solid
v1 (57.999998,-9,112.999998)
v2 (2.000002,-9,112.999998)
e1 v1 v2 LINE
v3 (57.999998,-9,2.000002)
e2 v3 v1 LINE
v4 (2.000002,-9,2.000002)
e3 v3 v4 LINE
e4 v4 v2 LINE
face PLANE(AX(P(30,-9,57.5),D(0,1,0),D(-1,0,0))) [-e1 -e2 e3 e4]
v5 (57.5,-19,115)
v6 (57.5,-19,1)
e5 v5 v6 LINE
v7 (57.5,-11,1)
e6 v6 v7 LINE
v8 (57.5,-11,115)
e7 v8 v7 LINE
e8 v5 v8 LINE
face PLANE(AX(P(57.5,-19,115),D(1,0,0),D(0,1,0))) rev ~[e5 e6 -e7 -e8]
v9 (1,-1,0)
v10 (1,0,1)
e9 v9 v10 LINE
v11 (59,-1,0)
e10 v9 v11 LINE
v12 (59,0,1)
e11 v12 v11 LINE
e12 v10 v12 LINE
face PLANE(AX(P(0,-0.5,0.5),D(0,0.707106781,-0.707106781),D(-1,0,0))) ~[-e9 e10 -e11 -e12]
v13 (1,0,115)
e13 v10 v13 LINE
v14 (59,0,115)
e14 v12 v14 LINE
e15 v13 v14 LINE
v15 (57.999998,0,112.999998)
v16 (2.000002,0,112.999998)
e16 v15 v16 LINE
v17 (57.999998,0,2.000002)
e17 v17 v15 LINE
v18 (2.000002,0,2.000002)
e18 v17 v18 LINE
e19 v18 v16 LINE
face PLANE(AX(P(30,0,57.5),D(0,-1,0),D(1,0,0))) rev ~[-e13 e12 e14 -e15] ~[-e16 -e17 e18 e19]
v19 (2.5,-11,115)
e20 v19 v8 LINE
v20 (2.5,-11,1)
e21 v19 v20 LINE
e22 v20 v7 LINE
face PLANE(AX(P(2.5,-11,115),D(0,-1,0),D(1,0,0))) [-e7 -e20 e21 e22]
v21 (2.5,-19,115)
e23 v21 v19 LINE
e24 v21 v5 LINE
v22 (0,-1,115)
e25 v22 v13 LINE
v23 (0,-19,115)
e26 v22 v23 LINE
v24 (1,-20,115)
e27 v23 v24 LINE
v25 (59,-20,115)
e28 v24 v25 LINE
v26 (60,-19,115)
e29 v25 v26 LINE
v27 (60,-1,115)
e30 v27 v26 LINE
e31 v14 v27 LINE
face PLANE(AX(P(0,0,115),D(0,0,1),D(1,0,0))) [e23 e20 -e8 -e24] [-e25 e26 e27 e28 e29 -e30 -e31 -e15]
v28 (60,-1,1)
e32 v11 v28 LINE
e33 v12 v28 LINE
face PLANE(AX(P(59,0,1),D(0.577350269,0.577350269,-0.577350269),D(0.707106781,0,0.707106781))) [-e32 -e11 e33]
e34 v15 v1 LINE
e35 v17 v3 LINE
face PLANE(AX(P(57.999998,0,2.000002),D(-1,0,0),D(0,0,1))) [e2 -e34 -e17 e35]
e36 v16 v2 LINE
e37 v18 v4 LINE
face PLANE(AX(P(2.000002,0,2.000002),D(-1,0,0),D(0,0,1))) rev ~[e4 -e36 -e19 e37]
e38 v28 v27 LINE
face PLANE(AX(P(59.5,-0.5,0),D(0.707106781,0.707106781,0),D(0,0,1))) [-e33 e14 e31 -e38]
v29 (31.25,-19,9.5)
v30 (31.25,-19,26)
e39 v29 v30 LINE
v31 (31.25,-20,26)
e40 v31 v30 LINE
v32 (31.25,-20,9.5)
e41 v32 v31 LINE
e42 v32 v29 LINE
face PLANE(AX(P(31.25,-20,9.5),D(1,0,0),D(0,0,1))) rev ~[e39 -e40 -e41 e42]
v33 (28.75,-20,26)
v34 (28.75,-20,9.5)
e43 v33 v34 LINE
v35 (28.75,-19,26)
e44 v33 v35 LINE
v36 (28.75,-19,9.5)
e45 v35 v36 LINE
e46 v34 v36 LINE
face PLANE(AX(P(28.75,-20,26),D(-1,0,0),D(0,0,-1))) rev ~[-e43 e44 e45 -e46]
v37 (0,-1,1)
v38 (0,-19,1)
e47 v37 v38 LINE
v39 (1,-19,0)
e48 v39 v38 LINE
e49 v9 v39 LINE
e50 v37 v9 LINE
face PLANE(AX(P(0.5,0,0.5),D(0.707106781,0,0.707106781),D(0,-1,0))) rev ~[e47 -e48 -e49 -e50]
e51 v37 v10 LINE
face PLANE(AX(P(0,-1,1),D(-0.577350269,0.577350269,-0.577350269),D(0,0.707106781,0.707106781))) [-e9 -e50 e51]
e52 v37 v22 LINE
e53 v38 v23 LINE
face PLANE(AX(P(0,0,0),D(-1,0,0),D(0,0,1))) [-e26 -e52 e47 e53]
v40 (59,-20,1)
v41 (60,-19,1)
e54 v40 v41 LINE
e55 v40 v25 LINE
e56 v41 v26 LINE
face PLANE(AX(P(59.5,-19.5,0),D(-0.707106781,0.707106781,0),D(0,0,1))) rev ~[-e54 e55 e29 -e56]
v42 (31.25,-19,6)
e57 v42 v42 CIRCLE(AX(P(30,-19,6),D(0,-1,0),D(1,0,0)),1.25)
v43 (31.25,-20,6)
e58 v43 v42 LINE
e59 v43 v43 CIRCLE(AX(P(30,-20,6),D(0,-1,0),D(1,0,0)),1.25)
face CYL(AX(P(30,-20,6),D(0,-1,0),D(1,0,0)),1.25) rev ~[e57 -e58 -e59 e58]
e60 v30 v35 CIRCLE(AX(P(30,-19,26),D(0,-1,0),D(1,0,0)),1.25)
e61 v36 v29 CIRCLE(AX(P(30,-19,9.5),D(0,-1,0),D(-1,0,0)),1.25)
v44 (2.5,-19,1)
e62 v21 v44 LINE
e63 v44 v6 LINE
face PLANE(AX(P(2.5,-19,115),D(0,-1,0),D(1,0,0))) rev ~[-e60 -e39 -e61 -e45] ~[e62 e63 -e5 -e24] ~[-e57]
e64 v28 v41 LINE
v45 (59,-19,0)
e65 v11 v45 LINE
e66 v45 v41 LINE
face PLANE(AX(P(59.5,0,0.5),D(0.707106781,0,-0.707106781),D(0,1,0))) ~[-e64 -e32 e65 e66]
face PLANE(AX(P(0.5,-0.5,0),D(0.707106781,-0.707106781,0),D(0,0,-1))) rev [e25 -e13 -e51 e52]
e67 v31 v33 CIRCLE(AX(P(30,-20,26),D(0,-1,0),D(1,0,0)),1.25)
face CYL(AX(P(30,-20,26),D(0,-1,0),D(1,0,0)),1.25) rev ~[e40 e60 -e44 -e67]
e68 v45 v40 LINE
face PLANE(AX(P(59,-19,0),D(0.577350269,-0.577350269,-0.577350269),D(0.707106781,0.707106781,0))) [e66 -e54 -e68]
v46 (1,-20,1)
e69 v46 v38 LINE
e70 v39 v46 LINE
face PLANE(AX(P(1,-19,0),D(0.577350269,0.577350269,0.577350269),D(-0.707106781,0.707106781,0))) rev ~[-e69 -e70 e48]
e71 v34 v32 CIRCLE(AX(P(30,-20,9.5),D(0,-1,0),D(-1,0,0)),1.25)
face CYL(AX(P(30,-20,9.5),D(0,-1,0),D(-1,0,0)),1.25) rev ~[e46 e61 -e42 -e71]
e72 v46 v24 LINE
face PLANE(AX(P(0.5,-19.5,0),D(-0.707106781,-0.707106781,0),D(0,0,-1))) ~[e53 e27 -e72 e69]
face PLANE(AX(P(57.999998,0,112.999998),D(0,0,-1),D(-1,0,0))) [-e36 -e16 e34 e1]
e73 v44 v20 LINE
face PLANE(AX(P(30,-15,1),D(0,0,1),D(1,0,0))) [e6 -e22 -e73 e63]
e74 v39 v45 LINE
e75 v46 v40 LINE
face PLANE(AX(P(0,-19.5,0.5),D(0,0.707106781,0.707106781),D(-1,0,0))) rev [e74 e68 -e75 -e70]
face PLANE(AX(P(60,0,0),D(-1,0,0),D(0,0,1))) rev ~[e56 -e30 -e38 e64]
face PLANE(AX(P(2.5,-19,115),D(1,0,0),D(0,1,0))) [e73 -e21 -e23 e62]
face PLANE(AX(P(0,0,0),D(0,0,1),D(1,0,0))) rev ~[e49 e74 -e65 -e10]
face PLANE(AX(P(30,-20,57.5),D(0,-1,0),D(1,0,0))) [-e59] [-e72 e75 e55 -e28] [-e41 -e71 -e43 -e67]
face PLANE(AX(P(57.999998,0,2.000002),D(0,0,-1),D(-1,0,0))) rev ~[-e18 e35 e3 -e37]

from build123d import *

# Parameters (mm, degrees)
F0_W     = 60
F0_H     = 115
F1_DEPTH = 20
F3_W     = 55.999996
F3_H     = 110.999996
F4_DEPTH = 9
F2_W     = 55
F2_H     = 8
F5_DEPTH = 114
F6_R     = 1.25
F7_DEPTH = 1
F8_SIZE  = 1


with BuildPart() as f1:
    # F0 (on Front) → F1 (new body)
    with BuildSketch(Plane.XZ):
        with Locations((30, 57.5)):
            Rectangle(F0_W, F0_H)
    extrude(amount=F1_DEPTH)

    # F3 (on face) → F4 (cut)
    with BuildSketch(Plane(origin=(0, 0, 0), x_dir=(-1, 0, 0), z_dir=(0, 1, 0))):
        with Locations((-30, 57.5)):
            Rectangle(F3_W, F3_H)
    extrude(amount=-F4_DEPTH, mode=Mode.SUBTRACT)

    # F2 (on face) → F5 (cut)
    with BuildSketch(Plane.XY.offset(115)):
        with Locations((30, -15)):
            Rectangle(F2_W, F2_H)
    extrude(amount=-F5_DEPTH, mode=Mode.SUBTRACT)

    # F6 (on face) → F7 (cut)
    with BuildSketch(Plane.XZ.offset(20)):
        with BuildLine():
            Line((28.75, 26), (28.75, 9.5))
            ThreePointArc((28.75, 9.5), (30, 8.25), (31.25, 9.5))
            Line((31.25, 9.5), (31.25, 26))
            ThreePointArc((31.25, 26), (30, 27.25), (28.75, 26))
        make_face()
        with Locations((30, 6)):
            Circle(F6_R)
    extrude(amount=-F7_DEPTH, mode=Mode.SUBTRACT)

    # F8
    f8_edges = [f1.edges().sort_by_distance(p)[0] for p in [
        (0, -20, 57.5),
        (60, -20, 57.5),
        (30, -20, 0),
        (60, -10, 0),
        (30, 0, 0),
        (0, -10, 0),
        (0, 0, 57.5),
        (60, 0, 57.5),
    ]]
    chamfer(f8_edges, length=F8_SIZE)


solid = f1.part
